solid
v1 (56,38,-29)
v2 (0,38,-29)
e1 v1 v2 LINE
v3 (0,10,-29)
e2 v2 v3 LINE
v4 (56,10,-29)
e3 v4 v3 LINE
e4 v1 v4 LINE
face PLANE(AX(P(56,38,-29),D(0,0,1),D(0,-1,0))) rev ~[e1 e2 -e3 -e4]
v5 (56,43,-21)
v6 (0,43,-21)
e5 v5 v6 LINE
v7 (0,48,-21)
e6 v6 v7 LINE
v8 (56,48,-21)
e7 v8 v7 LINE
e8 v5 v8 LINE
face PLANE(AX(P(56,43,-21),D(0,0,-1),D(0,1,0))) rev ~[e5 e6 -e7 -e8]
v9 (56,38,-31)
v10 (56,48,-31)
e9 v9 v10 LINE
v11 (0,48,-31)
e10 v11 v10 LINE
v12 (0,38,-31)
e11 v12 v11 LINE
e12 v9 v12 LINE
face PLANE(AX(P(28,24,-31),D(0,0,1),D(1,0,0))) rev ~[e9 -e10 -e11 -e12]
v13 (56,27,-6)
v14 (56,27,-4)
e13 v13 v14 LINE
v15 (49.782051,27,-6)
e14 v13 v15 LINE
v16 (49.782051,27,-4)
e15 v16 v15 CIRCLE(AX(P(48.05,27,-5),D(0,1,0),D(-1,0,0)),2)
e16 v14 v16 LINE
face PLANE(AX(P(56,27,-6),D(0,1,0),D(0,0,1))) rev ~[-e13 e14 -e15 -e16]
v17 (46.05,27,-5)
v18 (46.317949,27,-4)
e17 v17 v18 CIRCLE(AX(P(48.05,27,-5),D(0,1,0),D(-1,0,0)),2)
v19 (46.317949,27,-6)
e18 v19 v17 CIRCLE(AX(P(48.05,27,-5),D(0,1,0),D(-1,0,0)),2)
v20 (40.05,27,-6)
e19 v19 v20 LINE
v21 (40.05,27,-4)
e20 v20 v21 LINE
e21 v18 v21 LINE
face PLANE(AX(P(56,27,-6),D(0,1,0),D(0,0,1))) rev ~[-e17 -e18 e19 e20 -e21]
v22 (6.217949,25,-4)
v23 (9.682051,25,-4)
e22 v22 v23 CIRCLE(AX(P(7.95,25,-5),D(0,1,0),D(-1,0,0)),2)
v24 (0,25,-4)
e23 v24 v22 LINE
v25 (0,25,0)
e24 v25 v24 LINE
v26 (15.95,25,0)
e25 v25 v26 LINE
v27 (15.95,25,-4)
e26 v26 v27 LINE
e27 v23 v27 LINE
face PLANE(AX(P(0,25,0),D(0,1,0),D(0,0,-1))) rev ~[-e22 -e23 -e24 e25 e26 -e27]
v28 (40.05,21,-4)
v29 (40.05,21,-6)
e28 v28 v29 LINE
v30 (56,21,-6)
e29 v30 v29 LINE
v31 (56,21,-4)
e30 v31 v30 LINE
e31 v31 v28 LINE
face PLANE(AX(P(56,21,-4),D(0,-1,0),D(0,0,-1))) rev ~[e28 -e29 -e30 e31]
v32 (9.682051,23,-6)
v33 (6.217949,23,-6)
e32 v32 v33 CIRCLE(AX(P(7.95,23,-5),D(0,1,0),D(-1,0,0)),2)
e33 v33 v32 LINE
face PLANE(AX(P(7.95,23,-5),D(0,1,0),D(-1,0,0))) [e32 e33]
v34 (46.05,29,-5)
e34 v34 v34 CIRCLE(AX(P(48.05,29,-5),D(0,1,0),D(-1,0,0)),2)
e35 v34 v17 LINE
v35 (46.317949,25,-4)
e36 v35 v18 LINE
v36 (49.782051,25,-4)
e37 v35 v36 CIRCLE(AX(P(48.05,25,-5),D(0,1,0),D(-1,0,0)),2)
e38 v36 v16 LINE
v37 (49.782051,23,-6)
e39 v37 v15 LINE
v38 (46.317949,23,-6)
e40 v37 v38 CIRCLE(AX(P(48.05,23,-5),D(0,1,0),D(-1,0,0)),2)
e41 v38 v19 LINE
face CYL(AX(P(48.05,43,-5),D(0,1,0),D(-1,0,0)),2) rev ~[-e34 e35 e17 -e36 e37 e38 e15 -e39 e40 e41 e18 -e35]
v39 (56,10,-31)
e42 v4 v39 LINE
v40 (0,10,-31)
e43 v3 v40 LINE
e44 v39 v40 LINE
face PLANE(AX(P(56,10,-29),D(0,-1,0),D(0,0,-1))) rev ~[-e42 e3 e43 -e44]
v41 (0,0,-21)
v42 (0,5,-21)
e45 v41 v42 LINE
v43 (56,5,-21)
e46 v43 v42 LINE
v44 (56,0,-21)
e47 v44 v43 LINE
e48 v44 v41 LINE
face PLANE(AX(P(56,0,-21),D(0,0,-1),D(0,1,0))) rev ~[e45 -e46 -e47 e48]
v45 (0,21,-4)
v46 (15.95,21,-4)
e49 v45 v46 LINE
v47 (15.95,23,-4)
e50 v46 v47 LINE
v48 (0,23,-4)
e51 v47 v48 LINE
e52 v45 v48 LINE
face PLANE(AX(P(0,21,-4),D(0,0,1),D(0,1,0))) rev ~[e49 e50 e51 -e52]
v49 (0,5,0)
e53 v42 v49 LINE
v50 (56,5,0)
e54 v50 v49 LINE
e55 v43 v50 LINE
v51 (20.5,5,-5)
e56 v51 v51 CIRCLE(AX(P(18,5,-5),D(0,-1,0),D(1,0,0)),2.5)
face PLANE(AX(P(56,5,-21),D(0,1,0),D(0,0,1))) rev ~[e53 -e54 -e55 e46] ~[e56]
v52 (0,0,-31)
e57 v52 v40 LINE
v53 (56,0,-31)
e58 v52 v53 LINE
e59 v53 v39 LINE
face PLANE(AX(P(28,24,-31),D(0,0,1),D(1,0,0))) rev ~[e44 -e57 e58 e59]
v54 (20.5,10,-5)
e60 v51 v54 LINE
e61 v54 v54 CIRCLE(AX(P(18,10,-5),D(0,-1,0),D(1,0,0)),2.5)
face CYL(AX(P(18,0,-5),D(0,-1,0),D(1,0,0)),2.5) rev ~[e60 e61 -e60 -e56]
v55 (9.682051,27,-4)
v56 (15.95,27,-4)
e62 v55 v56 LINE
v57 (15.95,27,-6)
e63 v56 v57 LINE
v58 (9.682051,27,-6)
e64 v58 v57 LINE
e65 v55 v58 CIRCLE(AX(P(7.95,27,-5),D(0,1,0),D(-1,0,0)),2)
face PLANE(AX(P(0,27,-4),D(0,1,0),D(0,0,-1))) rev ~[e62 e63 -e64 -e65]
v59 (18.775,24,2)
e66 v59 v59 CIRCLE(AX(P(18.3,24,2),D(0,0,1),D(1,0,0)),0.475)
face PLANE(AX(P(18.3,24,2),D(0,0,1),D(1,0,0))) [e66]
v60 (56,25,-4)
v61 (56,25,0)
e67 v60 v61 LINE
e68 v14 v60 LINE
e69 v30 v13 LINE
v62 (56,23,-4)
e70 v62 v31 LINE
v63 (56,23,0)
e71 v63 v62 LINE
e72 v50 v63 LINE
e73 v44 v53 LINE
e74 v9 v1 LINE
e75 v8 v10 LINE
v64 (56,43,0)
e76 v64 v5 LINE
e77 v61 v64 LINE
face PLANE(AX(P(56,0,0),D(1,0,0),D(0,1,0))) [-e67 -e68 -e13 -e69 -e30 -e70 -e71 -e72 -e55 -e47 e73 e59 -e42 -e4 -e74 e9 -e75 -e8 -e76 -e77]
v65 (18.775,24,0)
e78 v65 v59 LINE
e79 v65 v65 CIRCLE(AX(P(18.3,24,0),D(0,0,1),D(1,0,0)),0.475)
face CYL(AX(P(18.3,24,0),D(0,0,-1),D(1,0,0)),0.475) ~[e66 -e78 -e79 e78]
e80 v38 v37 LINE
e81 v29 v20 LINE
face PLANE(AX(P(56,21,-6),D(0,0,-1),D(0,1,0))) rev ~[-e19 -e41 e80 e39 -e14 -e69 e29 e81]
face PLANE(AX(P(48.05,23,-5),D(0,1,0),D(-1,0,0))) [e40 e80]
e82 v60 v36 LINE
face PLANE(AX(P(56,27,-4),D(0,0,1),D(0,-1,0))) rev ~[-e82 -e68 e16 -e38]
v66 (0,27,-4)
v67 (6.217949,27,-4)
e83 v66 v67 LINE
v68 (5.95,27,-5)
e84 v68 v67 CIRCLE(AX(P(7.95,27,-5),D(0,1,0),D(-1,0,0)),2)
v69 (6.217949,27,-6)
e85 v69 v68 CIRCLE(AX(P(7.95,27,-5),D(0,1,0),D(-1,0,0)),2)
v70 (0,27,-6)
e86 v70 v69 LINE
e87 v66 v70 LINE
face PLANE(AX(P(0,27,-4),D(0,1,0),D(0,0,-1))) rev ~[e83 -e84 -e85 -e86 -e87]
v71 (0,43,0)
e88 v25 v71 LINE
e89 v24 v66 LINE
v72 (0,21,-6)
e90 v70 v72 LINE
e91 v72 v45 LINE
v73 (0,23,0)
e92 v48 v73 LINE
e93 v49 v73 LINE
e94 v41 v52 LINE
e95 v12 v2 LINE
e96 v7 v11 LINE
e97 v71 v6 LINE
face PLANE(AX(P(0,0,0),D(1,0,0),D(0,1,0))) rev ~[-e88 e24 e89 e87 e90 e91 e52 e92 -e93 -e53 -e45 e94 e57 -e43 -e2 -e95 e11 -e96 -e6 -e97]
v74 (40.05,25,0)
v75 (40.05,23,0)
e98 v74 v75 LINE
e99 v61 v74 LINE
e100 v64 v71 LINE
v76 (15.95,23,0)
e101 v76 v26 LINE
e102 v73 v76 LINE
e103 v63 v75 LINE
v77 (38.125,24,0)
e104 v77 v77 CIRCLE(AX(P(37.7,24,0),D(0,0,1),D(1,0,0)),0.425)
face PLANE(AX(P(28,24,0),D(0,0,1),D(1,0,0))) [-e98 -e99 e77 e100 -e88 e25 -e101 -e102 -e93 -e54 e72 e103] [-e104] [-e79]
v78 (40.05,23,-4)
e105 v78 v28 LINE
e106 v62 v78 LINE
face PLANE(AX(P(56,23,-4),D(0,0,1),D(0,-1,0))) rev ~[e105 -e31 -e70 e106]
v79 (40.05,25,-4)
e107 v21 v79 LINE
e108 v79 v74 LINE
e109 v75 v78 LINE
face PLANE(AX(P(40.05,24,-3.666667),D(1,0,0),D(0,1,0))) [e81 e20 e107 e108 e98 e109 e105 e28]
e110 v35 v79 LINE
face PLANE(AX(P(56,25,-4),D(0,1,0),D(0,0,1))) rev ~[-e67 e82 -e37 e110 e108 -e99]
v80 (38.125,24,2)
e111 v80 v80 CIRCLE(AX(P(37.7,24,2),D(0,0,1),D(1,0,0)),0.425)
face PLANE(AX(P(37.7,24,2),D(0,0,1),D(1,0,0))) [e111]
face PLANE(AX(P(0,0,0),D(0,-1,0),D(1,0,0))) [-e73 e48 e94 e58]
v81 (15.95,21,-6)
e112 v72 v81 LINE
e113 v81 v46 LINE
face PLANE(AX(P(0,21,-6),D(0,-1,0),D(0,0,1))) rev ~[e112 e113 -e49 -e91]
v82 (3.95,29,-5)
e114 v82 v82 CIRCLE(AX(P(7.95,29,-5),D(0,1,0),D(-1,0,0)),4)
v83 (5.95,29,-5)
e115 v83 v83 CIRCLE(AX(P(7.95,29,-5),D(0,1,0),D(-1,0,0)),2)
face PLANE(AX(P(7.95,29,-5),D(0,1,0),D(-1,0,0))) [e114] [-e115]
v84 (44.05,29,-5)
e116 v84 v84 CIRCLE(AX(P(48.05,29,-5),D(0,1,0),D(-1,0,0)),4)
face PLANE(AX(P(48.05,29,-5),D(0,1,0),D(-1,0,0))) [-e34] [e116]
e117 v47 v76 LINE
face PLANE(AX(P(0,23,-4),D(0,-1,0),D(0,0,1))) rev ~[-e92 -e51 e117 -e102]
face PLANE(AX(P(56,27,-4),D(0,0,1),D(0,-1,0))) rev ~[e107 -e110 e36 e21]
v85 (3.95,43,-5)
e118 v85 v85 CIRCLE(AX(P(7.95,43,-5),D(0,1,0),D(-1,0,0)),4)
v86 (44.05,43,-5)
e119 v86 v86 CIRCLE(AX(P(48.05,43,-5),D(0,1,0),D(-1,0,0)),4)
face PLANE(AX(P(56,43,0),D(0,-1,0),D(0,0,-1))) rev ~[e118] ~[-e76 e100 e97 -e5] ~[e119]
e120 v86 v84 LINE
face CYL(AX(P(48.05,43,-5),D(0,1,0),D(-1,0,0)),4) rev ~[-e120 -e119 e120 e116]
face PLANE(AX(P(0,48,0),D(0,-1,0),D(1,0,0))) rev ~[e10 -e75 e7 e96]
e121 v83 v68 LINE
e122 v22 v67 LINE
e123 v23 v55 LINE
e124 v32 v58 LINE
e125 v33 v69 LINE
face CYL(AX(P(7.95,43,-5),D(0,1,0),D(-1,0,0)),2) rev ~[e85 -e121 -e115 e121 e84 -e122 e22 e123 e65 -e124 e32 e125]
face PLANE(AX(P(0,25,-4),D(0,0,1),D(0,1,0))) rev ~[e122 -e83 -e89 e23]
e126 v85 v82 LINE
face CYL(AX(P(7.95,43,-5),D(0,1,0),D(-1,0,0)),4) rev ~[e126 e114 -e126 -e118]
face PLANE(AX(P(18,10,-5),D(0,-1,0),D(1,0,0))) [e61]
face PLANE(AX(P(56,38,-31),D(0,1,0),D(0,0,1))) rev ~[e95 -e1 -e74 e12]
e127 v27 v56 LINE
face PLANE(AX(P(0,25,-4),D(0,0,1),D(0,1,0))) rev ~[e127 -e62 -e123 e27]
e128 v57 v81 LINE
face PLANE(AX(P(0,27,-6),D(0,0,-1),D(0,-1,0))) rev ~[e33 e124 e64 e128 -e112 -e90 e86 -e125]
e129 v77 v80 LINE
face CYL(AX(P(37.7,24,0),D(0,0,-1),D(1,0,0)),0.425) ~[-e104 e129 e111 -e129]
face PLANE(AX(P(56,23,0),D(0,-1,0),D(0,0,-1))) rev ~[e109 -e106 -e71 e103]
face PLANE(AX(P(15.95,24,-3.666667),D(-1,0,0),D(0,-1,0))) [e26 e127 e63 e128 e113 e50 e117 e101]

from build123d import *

# Parameters (mm, degrees)
F0_W      = 56
F0_H      = 48
F1_DEPTH  = 31
F2_R      = 0.475
F2_R_2    = 0.425
F3_DEPTH  = 2
F6_DEPTH  = 15.95
F7_DEPTH  = 15.95
F8_R      = 2.5
F9_DEPTH  = 10
F11_DEPTH = 56.001
F12_R     = 2
F13_DEPTH = 20
F14_R     = 4
F15_DEPTH = 14


with BuildPart() as f1:
    # F0 (on Top) → F1 (new body)
    with BuildSketch(Plane.XY):
        with Locations((28, 24)):
            Rectangle(F0_W, F0_H)
    extrude(amount=-F1_DEPTH)

    # F2 (on Top) → F3 (join)
    with BuildSketch(Plane.XY):
        with Locations((18.3, 24)):
            Circle(F2_R)
        with Locations((37.7, 24)):
            Circle(F2_R_2)
    extrude(amount=F3_DEPTH)

    # F4 (on face) → F6 (cut)
    with BuildSketch(Plane.YZ.offset(56)):
        Polygon((25, 0), (23, 0), (23, -4), (21, -4), (21, -6), (27, -6), (27, -4), (25, -4), align=None)
    extrude(amount=-F6_DEPTH, mode=Mode.SUBTRACT)

    # F5 (on face) → F7 (cut)
    with BuildSketch(Plane(origin=(0, 0, 0), x_dir=(0, -1, 0), z_dir=(-1, 0, 0))):
        Polygon((-23, 0), (-25, 0), (-25, -4), (-27, -4), (-27, -6), (-21, -6), (-21, -4), (-23, -4), align=None)
    extrude(amount=-F7_DEPTH, mode=Mode.SUBTRACT)

    # F8 (on face) → F9 (cut)
    with BuildSketch(Plane.XZ):
        with Locations((18, -5)):
            Circle(F8_R)
    extrude(amount=-F9_DEPTH, mode=Mode.SUBTRACT)

    # F10 (on face) → F11 (cut, through all)
    with BuildSketch(Plane.YZ.offset(56)):
        Polygon((5, 0), (0, 0), (-4.974183, 0), (-4.974183, -37.207626), (53.682573, -37.207626), (53.682573, 0), (48, 0), (43, 0), (43, -21), (48, -21), (48, -31), (38, -31), (38, -29), (10, -29), (10, -31), (0, -31), (0, -21), (5, -21), align=None)
    extrude(amount=-F11_DEPTH, mode=Mode.SUBTRACT)

    # F12 (on face) → F13 (cut)
    with BuildSketch(Plane(origin=(0, 43, 0), x_dir=(-1, 0, 0), z_dir=(0, 1, 0))):
        with Locations((-48.05, -5)):
            Circle(F12_R)
        with Locations((-7.95, -5)):
            Circle(F12_R)
    extrude(amount=-F13_DEPTH, mode=Mode.SUBTRACT)

    # F14 (on face) → F15 (cut)
    with BuildSketch(Plane(origin=(0, 43, 0), x_dir=(-1, 0, 0), z_dir=(0, 1, 0))):
        with Locations((-48.05, -5)):
            Circle(F14_R)
        with Locations((-7.95, -5)):
            Circle(F14_R)
    extrude(amount=-F15_DEPTH, mode=Mode.SUBTRACT)


solid = f1.part
